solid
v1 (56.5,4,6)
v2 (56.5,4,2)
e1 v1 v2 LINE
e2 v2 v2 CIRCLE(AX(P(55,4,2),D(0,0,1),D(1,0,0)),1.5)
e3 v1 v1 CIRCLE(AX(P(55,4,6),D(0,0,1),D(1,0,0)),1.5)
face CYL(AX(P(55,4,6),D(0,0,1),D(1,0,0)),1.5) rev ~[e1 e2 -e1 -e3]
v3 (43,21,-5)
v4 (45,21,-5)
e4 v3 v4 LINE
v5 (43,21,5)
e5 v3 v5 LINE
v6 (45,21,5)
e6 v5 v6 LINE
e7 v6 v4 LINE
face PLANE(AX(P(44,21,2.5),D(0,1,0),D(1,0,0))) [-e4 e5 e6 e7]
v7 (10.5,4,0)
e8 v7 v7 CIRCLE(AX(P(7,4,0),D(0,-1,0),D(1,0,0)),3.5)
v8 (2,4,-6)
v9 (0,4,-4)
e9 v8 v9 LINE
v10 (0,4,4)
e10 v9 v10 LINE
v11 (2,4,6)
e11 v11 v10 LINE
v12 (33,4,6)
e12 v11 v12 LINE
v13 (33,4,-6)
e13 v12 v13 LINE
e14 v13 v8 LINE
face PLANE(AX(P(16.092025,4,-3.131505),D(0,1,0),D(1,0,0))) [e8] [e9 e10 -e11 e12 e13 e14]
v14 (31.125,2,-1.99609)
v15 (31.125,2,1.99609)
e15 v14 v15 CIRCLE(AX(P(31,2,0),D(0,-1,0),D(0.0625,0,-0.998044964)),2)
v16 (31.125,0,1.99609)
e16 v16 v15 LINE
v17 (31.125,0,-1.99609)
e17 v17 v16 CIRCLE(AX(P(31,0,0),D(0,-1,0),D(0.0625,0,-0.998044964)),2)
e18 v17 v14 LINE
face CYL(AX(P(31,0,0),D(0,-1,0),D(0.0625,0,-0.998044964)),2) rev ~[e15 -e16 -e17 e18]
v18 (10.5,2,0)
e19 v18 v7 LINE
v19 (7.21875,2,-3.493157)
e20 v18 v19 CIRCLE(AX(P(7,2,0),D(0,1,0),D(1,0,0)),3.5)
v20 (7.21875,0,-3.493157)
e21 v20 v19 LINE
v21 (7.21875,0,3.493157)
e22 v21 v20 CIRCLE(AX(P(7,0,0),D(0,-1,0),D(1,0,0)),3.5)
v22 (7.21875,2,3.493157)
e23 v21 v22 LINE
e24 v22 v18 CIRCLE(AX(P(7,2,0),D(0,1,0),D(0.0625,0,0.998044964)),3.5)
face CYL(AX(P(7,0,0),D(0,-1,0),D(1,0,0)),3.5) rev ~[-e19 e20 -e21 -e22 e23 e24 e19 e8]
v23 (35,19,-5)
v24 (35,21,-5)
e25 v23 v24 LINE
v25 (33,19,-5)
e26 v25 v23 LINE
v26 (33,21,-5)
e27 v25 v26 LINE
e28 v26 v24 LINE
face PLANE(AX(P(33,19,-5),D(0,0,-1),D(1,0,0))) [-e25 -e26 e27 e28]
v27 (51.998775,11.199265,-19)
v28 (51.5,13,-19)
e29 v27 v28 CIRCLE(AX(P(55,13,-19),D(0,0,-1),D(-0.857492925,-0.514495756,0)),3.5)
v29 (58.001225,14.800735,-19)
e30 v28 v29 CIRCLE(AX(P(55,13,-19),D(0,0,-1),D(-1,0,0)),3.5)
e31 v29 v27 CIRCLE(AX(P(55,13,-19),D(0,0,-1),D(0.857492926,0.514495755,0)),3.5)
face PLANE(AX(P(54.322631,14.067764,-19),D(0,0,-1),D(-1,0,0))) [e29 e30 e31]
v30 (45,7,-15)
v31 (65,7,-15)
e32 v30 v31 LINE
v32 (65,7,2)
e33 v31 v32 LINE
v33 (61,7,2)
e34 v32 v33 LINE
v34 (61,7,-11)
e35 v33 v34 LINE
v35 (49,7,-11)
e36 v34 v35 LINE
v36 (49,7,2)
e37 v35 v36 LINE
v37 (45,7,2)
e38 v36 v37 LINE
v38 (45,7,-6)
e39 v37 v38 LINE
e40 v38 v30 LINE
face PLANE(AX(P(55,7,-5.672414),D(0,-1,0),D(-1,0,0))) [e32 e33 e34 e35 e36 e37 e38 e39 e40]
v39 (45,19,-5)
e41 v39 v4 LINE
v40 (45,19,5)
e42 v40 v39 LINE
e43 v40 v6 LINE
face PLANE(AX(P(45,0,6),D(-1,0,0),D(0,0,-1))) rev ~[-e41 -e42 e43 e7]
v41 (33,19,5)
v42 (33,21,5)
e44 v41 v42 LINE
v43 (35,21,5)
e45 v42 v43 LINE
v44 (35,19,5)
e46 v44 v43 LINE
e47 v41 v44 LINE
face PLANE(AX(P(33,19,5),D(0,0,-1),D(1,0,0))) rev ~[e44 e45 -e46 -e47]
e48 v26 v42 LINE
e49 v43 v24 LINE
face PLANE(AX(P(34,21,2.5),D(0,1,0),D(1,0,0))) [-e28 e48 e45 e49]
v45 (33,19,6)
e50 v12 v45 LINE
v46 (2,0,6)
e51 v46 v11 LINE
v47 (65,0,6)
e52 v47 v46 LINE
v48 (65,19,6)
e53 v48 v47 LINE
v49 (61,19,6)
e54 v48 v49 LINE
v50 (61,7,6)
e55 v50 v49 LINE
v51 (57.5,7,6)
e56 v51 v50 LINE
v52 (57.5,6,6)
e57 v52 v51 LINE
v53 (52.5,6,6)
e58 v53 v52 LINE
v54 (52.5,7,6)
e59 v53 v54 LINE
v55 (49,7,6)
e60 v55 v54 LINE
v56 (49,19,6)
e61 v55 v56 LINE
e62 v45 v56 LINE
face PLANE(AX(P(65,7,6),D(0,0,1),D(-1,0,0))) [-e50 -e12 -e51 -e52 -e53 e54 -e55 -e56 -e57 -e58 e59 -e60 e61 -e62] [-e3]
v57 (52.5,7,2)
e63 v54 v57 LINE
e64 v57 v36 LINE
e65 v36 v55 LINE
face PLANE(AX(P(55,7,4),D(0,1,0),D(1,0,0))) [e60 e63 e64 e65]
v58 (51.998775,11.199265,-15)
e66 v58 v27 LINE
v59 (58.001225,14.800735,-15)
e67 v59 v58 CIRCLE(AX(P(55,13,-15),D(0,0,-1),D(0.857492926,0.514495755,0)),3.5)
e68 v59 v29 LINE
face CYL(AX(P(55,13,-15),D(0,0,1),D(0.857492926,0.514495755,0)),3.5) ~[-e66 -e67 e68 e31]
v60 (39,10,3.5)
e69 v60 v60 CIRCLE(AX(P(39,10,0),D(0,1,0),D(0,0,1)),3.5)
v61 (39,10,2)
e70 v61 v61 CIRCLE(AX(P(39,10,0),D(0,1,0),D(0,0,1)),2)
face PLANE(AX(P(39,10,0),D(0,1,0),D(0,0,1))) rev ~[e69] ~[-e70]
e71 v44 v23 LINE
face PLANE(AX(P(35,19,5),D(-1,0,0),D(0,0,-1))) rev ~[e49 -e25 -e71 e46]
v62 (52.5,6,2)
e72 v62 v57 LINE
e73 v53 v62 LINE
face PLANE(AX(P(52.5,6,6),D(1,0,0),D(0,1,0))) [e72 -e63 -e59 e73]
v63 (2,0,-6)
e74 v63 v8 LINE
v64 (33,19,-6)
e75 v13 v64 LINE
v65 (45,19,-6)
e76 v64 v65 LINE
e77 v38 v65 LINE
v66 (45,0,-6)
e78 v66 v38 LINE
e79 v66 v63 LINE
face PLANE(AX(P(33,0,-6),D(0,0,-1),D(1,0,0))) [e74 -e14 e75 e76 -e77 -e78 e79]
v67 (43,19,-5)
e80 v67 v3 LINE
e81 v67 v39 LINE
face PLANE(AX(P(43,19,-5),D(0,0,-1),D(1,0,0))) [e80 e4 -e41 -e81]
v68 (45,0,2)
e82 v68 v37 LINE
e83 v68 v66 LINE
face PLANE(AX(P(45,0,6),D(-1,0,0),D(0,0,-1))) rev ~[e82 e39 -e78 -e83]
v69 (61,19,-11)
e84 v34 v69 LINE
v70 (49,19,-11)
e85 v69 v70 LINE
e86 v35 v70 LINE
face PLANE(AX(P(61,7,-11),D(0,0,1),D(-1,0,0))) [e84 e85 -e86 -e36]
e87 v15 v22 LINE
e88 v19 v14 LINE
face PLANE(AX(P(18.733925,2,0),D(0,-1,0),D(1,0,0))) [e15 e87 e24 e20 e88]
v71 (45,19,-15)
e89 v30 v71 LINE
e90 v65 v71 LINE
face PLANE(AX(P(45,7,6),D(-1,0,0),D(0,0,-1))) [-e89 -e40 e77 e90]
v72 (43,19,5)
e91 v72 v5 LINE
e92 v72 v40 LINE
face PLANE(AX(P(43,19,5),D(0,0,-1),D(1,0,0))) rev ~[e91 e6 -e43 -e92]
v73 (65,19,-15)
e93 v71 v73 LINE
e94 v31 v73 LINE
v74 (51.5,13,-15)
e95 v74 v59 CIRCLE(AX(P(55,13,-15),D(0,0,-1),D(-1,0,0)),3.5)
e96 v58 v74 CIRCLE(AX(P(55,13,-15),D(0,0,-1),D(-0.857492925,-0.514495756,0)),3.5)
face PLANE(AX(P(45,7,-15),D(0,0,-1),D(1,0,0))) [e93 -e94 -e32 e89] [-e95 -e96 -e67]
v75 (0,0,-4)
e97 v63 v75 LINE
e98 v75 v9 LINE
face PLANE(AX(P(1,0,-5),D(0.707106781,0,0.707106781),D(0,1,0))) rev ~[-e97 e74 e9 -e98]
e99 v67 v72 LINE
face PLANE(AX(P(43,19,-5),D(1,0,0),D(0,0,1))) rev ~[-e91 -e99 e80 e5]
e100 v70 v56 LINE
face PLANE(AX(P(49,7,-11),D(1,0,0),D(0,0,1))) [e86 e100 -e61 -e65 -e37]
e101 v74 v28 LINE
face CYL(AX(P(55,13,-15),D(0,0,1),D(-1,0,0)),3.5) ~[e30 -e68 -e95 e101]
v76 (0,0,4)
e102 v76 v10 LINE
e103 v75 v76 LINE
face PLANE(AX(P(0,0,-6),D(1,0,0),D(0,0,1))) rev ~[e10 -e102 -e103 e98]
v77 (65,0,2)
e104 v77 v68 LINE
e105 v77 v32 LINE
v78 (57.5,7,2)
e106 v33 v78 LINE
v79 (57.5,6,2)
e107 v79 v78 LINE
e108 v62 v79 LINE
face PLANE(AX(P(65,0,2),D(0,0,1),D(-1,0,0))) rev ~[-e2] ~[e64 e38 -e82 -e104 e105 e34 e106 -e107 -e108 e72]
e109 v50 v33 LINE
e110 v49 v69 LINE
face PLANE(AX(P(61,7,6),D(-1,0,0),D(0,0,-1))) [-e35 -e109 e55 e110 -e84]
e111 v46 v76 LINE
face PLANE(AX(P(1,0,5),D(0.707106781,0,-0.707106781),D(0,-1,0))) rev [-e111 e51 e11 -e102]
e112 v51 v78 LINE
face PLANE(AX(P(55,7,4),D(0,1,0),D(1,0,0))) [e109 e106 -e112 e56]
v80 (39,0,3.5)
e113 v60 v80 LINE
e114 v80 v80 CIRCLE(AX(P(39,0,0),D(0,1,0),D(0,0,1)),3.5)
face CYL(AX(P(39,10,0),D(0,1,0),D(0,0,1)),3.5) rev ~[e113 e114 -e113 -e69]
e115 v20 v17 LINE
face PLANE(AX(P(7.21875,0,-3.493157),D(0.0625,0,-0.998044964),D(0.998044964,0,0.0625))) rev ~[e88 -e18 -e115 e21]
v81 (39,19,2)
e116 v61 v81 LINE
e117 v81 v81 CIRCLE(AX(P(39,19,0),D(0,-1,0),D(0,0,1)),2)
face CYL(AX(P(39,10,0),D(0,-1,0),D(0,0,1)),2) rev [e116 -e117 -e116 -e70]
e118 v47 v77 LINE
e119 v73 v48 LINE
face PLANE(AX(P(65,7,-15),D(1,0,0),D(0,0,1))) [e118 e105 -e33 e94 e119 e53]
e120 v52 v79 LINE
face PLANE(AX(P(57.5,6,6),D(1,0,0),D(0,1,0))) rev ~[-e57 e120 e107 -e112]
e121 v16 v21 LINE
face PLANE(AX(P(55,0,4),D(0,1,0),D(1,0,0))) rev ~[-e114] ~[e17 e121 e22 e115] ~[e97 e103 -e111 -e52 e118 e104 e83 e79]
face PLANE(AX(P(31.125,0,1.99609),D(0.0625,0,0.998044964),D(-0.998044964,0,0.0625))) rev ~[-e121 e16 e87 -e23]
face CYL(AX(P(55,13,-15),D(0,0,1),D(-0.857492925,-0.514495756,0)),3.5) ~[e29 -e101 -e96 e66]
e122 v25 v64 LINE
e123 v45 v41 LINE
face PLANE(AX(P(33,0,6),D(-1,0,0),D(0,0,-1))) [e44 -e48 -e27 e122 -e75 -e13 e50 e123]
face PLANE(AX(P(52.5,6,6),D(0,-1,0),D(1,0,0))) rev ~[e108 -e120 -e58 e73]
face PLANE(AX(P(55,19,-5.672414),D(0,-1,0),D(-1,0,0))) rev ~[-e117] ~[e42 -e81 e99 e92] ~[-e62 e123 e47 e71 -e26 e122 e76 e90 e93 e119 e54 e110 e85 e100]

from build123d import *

# Parameters (mm, degrees)
BOSS_EXTRUDE1_DEPTH     = 4
SKETCH1_3_W             = 12
SKETCH1_3_H             = 12
BOSS_EXTRUDE2_DEPTH     = 19
BOSS_EXTRUDE3_DEPTH     = 7
BOSS_EXTRUDE4_START     = 19
SKETCH1_6_W             = 2
SKETCH1_6_H             = 5
BOSS_EXTRUDE4_DEPTH     = 2
BOSS_EXTRUDE5_DEPTH     = 12
BOSS_EXTRUDE6_DEPTH     = 4
SKETCH5_R               = 1.5
SKETCH5_W               = 5
SKETCH5_H               = 1
CUT_EXTRUDE1_DEPTH      = 73.739260376
CUT_EXTRUDE2_DEPTH      = 71.334913094
CUT_EXTRUDE2_DEPTH_BACK = 9
SKETCH6_R               = 2
SKETCH7_R               = 3.5
SKETCH7_R_2             = 2
CUT_EXTRUDE3_DEPTH      = 69.607579756
CUT_EXTRUDE4_DEPTH      = 2
CHAMFER1_SIZE           = 2


with BuildPart() as part:
    # Sketch1 → Boss-Extrude1 (new body)
    with BuildSketch(Plane(origin=(0, 0, 0), x_dir=(1, 0, 0), z_dir=(0, 1, 0))):
        with BuildLine():
            Line((33, 5), (33, 6))
            Line((33, 6), (0, 6))
            Line((0, 6), (0, 0))
            Line((0, 0), (3.5, 0))
            ThreePointArc((3.5, 0), (7, 3.5), (10.5, 0))
            Line((10.5, 0), (33, 0))
            Line((33, 0), (33, 5))
        make_face()
        with BuildLine():
            Line((33, -5), (33, 0))
            Line((33, 0), (10.5, 0))
            ThreePointArc((10.5, 0), (7, -3.5), (3.5, 0))
            Line((3.5, 0), (0, 0))
            Line((0, 0), (0, -6))
            Line((0, -6), (33, -6))
            Line((33, -6), (33, -5))
        make_face()
    extrude(amount=BOSS_EXTRUDE1_DEPTH)

    # Sketch1<3> → Boss-Extrude2 (add)
    with BuildSketch(Plane(origin=(0, 0, 0), x_dir=(1, 0, 0), z_dir=(0, 1, 0))):
        with Locations((39, 0)):
            Rectangle(SKETCH1_3_W, SKETCH1_3_H)
    extrude(amount=BOSS_EXTRUDE2_DEPTH)

    # Sketch1<4> → Boss-Extrude3 (add)
    with BuildSketch(Plane(origin=(0, 0, 0), x_dir=(1, 0, 0), z_dir=(0, 1, 0))):
        Polygon((65, -2), (45, -2), (45, -5), (45, -6), (65, -6), align=None)
    extrude(amount=BOSS_EXTRUDE3_DEPTH)

    # Sketch1<6> → Boss-Extrude4 (add)
    with BuildSketch(Plane(origin=(0, 0, 0), x_dir=(1, 0, 0), z_dir=(0, 1, 0)).offset(BOSS_EXTRUDE4_START)):
        with Locations((34, -2.5)):
            Rectangle(SKETCH1_6_W, SKETCH1_6_H)
        with Locations((34, 2.5)):
            Rectangle(SKETCH1_6_W, SKETCH1_6_H)
        Polygon((45, -2), (45, 0), (43, 0), (43, -5), (45, -5), align=None)
        with Locations((44, 2.5)):
            Rectangle(SKETCH1_6_W, SKETCH1_6_H)
    extrude(amount=BOSS_EXTRUDE4_DEPTH)

    # Sketch2 → Boss-Extrude5 (add)
    with BuildSketch(Plane(origin=(0, 7, 0), x_dir=(1, 0, 0), z_dir=(0, 1, 0))):
        Polygon((45, -6), (45, 15), (65, 15), (65, -6), (61, -6), (61, 11), (49, 11), (49, -6), align=None)
    extrude(amount=BOSS_EXTRUDE5_DEPTH)

    # Sketch4 → Boss-Extrude6 (add)
    with BuildSketch(Plane(origin=(0, 0, -15), x_dir=(-1, 0, 0), z_dir=(0, 0, -1))):
        with BuildLine():
            ThreePointArc((-51.5, 13), (-54.065732463, 16.373002249), (-58.00122524, 14.800735144))
            Line((-58.00122524, 14.800735144), (-51.99877476, 11.199264856))
            ThreePointArc((-51.99877476, 11.199264856), (-51.626997751, 12.065732463), (-51.5, 13))
        make_face()
        with BuildLine():
            Line((-51.99877476, 11.199264856), (-58.00122524, 14.800735144))
            ThreePointArc((-58.00122524, 14.800735144), (-56.800735144, 9.99877476), (-51.99877476, 11.199264856))
        make_face()
    extrude(amount=BOSS_EXTRUDE6_DEPTH)

    # Sketch5 → Cut-Extrude1 (cut, through all)
    with BuildSketch(Plane.XY.offset(6)):
        with Locations((55, 4)):
            Circle(SKETCH5_R)
        with Locations((55, 6.5)):
            Rectangle(SKETCH5_W, SKETCH5_H)
    extrude(amount=-CUT_EXTRUDE1_DEPTH, mode=Mode.SUBTRACT)

    # Sketch6 → Cut-Extrude2 (cut, two sides: drawn at the far end of the back side and taken through both)
    with BuildSketch(Plane(origin=(0, 19, 0), x_dir=(1, 0, 0), z_dir=(0, 1, 0)).offset(-CUT_EXTRUDE2_DEPTH_BACK)):
        with Locations(Location((39, 0, 0), (0, 0, 270))):
            Circle(SKETCH6_R)
    extrude(amount=CUT_EXTRUDE2_DEPTH + CUT_EXTRUDE2_DEPTH_BACK, mode=Mode.SUBTRACT)

    # Sketch7 → Cut-Extrude3 (cut, through all)
    # profile 1 of 2: a face of its own
    with BuildSketch(Plane(origin=(0, 10, 0), x_dir=(1, 0, 0), z_dir=(0, 1, 0))):
        with Locations(Location((39, 0, 0), (0, 0, 270))):
            Circle(SKETCH7_R)
        with Locations(Location((39, 0, 0), (0, 0, 270))):
            Circle(SKETCH7_R_2, mode=Mode.SUBTRACT)
    # profile 2 of 2: a face of its own
    with BuildSketch(Plane(origin=(0, 10, 0), x_dir=(1, 0, 0), z_dir=(0, 1, 0))):
        with Locations(Location((39, 0, 0), (0, 0, 270))):
            Circle(SKETCH7_R_2)
    extrude(amount=-CUT_EXTRUDE3_DEPTH, mode=Mode.SUBTRACT)

    # Sketch8 → Cut-Extrude4 (cut)
    with BuildSketch(Plane.XZ):
        with BuildLine():
            Line((31.125, 1.996089928), (7.21875, 3.493157374))
            ThreePointArc((7.21875, 3.493157374), (9.551041454, 2.396286189), (10.5, 0))
            ThreePointArc((10.5, 0), (9.551041454, -2.396286189), (7.21875, -3.493157374))
            Line((7.21875, -3.493157374), (31.125, -1.996089928))
            ThreePointArc((31.125, -1.996089928), (33, 0), (31.125, 1.996089928))
        make_face()
    extrude(amount=-CUT_EXTRUDE4_DEPTH, mode=Mode.SUBTRACT)

    # Chamfer1
    chamfer1_edges = [part.edges().sort_by_distance(p)[0] for p in [
        (0, 2, -6),
        (0, 2, 6),
    ]]
    chamfer(chamfer1_edges, length=CHAMFER1_SIZE)


solid = part.part
